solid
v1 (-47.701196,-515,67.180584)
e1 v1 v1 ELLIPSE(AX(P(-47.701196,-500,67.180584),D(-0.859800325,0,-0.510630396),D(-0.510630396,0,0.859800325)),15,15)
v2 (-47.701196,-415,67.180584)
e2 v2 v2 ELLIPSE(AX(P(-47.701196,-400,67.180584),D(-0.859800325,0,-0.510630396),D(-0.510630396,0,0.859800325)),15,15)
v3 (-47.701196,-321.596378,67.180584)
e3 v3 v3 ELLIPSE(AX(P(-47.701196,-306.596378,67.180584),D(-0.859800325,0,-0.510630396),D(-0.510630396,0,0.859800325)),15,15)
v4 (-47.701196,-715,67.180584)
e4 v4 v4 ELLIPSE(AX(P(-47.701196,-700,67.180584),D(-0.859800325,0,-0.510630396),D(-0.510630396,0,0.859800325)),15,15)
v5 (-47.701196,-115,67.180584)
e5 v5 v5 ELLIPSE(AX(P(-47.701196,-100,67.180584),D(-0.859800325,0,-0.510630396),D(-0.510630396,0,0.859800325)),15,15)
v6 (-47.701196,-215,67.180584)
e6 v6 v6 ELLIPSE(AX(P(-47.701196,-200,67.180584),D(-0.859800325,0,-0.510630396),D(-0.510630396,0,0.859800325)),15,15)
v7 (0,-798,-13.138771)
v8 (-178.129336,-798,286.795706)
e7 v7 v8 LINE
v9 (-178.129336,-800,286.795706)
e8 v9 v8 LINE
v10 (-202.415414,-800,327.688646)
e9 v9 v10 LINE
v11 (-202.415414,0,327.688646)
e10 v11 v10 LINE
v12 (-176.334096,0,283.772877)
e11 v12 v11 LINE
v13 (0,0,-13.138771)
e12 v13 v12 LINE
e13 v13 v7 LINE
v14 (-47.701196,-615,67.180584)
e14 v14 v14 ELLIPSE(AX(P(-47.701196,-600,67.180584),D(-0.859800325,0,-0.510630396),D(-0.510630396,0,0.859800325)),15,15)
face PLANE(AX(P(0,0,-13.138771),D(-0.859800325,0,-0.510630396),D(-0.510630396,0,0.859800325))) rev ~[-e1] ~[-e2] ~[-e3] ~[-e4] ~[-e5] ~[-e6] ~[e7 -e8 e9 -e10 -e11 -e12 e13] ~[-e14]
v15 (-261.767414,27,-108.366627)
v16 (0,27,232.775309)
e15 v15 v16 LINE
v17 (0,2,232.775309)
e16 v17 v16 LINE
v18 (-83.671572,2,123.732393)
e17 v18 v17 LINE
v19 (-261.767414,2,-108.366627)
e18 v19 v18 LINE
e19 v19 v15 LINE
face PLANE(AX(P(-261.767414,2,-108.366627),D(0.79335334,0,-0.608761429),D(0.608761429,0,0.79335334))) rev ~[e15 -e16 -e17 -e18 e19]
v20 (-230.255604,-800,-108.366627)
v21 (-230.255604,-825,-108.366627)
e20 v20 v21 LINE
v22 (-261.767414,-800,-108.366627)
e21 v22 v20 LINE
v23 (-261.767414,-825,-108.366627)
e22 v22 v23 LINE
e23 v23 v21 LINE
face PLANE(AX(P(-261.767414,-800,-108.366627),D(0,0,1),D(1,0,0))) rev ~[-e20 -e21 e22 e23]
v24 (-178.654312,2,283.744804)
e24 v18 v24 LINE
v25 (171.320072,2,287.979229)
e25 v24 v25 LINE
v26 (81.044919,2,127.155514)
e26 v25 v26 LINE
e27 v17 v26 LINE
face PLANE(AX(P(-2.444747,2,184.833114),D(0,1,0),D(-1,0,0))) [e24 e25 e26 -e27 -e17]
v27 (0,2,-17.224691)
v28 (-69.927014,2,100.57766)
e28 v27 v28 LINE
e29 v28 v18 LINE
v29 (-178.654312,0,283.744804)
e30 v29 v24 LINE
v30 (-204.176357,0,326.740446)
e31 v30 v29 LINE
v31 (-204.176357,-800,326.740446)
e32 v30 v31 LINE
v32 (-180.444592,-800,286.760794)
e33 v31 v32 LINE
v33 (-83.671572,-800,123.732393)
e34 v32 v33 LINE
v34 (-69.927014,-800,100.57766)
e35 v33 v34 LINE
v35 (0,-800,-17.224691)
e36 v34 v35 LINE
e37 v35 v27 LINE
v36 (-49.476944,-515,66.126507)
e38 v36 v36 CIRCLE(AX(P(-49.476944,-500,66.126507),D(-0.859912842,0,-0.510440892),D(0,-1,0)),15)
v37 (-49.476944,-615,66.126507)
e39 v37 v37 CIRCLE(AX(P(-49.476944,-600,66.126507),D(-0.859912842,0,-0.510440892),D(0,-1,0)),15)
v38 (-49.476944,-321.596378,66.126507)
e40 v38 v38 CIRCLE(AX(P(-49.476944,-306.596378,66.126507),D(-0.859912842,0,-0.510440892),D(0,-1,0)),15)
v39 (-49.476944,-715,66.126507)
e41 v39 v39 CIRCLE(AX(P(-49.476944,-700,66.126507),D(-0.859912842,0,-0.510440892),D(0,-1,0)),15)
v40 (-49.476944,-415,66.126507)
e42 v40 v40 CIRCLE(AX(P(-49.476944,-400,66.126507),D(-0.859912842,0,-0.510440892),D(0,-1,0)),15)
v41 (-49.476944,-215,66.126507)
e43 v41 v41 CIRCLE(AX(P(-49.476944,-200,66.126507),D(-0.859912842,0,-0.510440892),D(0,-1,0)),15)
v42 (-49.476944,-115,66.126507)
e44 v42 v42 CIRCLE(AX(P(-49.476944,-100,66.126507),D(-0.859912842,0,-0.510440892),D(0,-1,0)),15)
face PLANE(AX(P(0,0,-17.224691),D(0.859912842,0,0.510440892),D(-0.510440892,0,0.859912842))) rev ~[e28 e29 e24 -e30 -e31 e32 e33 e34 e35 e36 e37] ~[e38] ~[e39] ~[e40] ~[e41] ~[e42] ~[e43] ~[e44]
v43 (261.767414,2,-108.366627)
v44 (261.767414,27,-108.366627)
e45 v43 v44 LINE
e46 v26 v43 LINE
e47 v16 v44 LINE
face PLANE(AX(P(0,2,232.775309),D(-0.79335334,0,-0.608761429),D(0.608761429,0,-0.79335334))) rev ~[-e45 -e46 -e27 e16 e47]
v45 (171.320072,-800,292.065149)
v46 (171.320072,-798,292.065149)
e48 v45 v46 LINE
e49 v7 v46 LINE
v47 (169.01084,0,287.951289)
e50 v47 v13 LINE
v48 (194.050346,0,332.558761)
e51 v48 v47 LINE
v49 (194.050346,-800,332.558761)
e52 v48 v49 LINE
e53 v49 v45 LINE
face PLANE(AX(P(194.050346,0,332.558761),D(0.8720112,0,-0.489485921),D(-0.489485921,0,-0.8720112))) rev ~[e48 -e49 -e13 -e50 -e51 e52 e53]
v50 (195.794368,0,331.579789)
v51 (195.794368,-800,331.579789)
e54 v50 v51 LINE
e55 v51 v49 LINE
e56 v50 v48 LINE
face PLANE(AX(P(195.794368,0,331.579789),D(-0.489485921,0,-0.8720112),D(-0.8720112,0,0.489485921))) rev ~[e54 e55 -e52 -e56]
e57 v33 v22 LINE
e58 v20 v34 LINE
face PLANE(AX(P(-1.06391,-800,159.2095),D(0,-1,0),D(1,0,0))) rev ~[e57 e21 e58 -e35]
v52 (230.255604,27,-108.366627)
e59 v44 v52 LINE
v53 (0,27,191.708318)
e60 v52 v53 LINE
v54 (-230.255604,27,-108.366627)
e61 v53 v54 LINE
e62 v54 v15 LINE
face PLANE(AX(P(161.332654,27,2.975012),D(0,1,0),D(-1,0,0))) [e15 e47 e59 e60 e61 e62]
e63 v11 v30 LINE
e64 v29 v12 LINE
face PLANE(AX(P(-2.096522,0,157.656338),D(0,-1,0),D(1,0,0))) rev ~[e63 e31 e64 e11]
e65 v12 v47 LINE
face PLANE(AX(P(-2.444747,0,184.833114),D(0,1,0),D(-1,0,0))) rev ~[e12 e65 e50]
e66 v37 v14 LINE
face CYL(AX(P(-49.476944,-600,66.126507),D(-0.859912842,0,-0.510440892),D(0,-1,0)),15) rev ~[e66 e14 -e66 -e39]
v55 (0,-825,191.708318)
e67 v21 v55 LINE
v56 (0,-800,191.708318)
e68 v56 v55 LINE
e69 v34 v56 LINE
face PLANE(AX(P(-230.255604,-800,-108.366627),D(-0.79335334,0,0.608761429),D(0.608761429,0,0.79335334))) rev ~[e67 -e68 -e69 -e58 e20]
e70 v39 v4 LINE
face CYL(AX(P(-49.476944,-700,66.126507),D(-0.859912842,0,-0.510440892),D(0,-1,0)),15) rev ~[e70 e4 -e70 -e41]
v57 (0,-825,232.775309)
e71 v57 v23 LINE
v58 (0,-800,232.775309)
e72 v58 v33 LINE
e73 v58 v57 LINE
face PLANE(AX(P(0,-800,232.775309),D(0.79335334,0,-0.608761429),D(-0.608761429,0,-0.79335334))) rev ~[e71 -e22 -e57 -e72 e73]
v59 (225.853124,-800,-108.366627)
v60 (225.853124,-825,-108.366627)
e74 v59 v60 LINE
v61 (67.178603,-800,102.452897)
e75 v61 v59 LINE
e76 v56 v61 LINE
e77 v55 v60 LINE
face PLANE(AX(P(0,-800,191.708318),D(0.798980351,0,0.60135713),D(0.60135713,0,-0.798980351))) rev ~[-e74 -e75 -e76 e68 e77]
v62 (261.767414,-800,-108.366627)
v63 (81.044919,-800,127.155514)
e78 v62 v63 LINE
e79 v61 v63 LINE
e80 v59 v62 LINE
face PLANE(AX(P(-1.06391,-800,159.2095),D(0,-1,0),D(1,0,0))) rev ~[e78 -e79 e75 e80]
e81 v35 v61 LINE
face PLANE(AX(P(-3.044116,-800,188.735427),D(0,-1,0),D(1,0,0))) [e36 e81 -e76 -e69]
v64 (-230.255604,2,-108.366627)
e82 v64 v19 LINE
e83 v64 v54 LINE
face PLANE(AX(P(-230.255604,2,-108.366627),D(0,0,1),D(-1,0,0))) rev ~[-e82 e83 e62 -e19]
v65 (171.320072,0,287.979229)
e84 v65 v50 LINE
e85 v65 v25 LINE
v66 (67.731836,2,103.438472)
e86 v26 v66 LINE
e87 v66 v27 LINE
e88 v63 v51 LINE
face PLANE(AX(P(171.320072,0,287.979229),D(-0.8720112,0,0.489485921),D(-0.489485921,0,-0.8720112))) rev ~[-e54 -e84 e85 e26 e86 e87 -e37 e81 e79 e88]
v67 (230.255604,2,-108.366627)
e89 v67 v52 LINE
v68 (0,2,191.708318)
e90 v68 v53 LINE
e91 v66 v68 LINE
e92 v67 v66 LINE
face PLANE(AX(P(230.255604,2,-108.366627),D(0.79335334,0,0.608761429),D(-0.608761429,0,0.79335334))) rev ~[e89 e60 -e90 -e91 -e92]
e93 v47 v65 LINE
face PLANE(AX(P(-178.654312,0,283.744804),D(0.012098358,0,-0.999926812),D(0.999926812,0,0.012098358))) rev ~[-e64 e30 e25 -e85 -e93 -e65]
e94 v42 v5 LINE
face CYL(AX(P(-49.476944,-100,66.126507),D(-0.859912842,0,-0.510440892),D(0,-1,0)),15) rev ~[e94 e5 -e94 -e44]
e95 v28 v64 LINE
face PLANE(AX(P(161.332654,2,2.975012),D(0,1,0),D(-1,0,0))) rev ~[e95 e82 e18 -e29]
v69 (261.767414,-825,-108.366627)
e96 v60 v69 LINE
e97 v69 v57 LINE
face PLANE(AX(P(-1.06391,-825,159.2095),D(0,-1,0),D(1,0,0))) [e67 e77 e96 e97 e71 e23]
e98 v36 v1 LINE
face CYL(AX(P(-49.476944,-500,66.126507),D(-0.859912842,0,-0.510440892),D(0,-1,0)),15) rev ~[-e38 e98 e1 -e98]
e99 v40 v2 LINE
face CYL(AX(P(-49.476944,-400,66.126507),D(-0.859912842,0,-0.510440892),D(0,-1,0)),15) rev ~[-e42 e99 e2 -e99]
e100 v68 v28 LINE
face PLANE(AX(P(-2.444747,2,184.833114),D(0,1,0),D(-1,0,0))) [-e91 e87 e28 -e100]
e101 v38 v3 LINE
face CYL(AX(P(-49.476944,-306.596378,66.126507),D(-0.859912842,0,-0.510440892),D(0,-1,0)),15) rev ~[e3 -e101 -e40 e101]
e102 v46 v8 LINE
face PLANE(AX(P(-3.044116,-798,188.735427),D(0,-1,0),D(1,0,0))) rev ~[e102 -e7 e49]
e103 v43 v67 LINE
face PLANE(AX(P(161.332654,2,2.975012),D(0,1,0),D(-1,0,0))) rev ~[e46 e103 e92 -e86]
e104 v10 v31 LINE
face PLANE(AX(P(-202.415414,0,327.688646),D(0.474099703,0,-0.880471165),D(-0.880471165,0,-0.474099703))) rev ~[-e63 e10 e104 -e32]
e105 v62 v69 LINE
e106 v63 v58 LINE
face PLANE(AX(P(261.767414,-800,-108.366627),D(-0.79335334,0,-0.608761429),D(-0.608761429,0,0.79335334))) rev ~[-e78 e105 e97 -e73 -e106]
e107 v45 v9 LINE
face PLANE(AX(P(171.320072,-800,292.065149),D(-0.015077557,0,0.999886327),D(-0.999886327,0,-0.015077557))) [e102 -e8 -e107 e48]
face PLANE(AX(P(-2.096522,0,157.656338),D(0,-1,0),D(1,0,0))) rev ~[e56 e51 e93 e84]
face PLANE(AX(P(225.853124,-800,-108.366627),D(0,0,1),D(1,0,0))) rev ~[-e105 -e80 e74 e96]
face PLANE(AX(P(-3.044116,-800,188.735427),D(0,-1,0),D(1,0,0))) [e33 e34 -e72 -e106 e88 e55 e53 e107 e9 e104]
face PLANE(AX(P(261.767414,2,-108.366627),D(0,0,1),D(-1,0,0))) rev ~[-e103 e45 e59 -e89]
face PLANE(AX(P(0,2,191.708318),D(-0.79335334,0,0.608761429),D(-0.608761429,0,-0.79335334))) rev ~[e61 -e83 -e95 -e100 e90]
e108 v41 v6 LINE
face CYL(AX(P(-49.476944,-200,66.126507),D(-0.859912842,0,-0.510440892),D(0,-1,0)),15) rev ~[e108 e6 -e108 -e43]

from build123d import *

# Parameters (mm, degrees)
F1_DEPTH  = 800
F3_DEPTH  = 2
F5_DEPTH  = 2
F7_DEPTH  = 25
F9_DEPTH  = 25
F11_R     = 15
F12_DEPTH = 10


with BuildPart() as f1:
    # F0 (on Front) → F1 (new body)
    with BuildSketch(Plane.XZ):
        Polygon((-202.4154143159, 327.6886455222), (-204.1763566452, 326.7404461164), (0, -17.224690761), (195.7943682295, 331.5797893846), (194.0503458287, 332.5587612257), (0, -13.1387713996), align=None)
    extrude(amount=F1_DEPTH)

    # F2 (on face) → F3 (join)
    with BuildSketch(Plane.XZ.offset(800)):
        Polygon((0, -13.1387713996), (171.3200722008, 292.0651487278), (-180.4445918465, 286.7607939107), align=None)
    extrude(amount=-F3_DEPTH)

    # F4 (on face) → F5 (join)
    with BuildSketch(Plane(origin=(0, 0, 0), x_dir=(-1, 0, 0), z_dir=(0, 1, 0))):
        Polygon((-171.3200722008, 287.9792293664), (0, -17.224690761), (178.6543120645, 283.7448040067), align=None)
    extrude(amount=F5_DEPTH)

    # F6 (on face) → F7 (join)
    with BuildSketch(Plane(origin=(0, 2, 0), x_dir=(-1, 0, 0), z_dir=(0, 1, 0))):
        Polygon((-67.7318355426, 103.4384718181), (-81.0449193734, 127.1555139717), (-261.7674144737, -108.3666270862), (-230.2556041235, -108.3666270862), align=None)
        Polygon((261.7674144737, -108.3666270862), (83.6715723559, 123.7323931592), (69.9270135898, 100.5776600892), (230.2556041235, -108.3666270862), align=None)
        Polygon((83.6715723559, 123.7323931592), (0, 232.775309239), (-81.0449193734, 127.1555139717), (-67.7318355426, 103.4384718181), (0, 191.7083184464), (69.9270135898, 100.5776600892), align=None)
    extrude(amount=F7_DEPTH)

    # F8 (on face) → F9 (join)
    with BuildSketch(Plane.XZ.offset(800)):
        Polygon((81.0449193734, 127.1555139717), (0, 232.775309239), (-83.6715723559, 123.7323931592), (-69.9270135898, 100.5776600892), (0, 191.7083184464), (67.1786031406, 102.4528972986), align=None)
        Polygon((261.7674144737, -108.3666270862), (81.0449193734, 127.1555139717), (67.1786031406, 102.4528972986), (225.8531237559, -108.3666270862), align=None)
        Polygon((-69.9270135898, 100.5776600892), (-83.6715723559, 123.7323931592), (-261.7674144737, -108.3666270862), (-230.2556041235, -108.3666270862), align=None)
    extrude(amount=F9_DEPTH)

    # F11 (on face) → F12 (cut)
    with BuildSketch(Plane(origin=(-7.5605140907, 0, -4.4878915213), x_dir=(0, -1, 0), z_dir=(-0.8599128422, 0, -0.5104408916))):
        with Locations((400, 82.1180880011)):
            Circle(F11_R)
        with Locations((306.596378018, 82.1180880011)):
            Circle(F11_R)
        with Locations((200, 82.1180880011)):
            Circle(F11_R)
        with Locations((100, 82.1180880011)):
            Circle(F11_R)
        with Locations((500, 82.1180880011)):
            Circle(F11_R)
        with Locations((600, 82.1180880011)):
            Circle(F11_R)
        with Locations((700, 82.1180880011)):
            Circle(F11_R)
    extrude(amount=-F12_DEPTH, mode=Mode.SUBTRACT)


solid = f1.part
